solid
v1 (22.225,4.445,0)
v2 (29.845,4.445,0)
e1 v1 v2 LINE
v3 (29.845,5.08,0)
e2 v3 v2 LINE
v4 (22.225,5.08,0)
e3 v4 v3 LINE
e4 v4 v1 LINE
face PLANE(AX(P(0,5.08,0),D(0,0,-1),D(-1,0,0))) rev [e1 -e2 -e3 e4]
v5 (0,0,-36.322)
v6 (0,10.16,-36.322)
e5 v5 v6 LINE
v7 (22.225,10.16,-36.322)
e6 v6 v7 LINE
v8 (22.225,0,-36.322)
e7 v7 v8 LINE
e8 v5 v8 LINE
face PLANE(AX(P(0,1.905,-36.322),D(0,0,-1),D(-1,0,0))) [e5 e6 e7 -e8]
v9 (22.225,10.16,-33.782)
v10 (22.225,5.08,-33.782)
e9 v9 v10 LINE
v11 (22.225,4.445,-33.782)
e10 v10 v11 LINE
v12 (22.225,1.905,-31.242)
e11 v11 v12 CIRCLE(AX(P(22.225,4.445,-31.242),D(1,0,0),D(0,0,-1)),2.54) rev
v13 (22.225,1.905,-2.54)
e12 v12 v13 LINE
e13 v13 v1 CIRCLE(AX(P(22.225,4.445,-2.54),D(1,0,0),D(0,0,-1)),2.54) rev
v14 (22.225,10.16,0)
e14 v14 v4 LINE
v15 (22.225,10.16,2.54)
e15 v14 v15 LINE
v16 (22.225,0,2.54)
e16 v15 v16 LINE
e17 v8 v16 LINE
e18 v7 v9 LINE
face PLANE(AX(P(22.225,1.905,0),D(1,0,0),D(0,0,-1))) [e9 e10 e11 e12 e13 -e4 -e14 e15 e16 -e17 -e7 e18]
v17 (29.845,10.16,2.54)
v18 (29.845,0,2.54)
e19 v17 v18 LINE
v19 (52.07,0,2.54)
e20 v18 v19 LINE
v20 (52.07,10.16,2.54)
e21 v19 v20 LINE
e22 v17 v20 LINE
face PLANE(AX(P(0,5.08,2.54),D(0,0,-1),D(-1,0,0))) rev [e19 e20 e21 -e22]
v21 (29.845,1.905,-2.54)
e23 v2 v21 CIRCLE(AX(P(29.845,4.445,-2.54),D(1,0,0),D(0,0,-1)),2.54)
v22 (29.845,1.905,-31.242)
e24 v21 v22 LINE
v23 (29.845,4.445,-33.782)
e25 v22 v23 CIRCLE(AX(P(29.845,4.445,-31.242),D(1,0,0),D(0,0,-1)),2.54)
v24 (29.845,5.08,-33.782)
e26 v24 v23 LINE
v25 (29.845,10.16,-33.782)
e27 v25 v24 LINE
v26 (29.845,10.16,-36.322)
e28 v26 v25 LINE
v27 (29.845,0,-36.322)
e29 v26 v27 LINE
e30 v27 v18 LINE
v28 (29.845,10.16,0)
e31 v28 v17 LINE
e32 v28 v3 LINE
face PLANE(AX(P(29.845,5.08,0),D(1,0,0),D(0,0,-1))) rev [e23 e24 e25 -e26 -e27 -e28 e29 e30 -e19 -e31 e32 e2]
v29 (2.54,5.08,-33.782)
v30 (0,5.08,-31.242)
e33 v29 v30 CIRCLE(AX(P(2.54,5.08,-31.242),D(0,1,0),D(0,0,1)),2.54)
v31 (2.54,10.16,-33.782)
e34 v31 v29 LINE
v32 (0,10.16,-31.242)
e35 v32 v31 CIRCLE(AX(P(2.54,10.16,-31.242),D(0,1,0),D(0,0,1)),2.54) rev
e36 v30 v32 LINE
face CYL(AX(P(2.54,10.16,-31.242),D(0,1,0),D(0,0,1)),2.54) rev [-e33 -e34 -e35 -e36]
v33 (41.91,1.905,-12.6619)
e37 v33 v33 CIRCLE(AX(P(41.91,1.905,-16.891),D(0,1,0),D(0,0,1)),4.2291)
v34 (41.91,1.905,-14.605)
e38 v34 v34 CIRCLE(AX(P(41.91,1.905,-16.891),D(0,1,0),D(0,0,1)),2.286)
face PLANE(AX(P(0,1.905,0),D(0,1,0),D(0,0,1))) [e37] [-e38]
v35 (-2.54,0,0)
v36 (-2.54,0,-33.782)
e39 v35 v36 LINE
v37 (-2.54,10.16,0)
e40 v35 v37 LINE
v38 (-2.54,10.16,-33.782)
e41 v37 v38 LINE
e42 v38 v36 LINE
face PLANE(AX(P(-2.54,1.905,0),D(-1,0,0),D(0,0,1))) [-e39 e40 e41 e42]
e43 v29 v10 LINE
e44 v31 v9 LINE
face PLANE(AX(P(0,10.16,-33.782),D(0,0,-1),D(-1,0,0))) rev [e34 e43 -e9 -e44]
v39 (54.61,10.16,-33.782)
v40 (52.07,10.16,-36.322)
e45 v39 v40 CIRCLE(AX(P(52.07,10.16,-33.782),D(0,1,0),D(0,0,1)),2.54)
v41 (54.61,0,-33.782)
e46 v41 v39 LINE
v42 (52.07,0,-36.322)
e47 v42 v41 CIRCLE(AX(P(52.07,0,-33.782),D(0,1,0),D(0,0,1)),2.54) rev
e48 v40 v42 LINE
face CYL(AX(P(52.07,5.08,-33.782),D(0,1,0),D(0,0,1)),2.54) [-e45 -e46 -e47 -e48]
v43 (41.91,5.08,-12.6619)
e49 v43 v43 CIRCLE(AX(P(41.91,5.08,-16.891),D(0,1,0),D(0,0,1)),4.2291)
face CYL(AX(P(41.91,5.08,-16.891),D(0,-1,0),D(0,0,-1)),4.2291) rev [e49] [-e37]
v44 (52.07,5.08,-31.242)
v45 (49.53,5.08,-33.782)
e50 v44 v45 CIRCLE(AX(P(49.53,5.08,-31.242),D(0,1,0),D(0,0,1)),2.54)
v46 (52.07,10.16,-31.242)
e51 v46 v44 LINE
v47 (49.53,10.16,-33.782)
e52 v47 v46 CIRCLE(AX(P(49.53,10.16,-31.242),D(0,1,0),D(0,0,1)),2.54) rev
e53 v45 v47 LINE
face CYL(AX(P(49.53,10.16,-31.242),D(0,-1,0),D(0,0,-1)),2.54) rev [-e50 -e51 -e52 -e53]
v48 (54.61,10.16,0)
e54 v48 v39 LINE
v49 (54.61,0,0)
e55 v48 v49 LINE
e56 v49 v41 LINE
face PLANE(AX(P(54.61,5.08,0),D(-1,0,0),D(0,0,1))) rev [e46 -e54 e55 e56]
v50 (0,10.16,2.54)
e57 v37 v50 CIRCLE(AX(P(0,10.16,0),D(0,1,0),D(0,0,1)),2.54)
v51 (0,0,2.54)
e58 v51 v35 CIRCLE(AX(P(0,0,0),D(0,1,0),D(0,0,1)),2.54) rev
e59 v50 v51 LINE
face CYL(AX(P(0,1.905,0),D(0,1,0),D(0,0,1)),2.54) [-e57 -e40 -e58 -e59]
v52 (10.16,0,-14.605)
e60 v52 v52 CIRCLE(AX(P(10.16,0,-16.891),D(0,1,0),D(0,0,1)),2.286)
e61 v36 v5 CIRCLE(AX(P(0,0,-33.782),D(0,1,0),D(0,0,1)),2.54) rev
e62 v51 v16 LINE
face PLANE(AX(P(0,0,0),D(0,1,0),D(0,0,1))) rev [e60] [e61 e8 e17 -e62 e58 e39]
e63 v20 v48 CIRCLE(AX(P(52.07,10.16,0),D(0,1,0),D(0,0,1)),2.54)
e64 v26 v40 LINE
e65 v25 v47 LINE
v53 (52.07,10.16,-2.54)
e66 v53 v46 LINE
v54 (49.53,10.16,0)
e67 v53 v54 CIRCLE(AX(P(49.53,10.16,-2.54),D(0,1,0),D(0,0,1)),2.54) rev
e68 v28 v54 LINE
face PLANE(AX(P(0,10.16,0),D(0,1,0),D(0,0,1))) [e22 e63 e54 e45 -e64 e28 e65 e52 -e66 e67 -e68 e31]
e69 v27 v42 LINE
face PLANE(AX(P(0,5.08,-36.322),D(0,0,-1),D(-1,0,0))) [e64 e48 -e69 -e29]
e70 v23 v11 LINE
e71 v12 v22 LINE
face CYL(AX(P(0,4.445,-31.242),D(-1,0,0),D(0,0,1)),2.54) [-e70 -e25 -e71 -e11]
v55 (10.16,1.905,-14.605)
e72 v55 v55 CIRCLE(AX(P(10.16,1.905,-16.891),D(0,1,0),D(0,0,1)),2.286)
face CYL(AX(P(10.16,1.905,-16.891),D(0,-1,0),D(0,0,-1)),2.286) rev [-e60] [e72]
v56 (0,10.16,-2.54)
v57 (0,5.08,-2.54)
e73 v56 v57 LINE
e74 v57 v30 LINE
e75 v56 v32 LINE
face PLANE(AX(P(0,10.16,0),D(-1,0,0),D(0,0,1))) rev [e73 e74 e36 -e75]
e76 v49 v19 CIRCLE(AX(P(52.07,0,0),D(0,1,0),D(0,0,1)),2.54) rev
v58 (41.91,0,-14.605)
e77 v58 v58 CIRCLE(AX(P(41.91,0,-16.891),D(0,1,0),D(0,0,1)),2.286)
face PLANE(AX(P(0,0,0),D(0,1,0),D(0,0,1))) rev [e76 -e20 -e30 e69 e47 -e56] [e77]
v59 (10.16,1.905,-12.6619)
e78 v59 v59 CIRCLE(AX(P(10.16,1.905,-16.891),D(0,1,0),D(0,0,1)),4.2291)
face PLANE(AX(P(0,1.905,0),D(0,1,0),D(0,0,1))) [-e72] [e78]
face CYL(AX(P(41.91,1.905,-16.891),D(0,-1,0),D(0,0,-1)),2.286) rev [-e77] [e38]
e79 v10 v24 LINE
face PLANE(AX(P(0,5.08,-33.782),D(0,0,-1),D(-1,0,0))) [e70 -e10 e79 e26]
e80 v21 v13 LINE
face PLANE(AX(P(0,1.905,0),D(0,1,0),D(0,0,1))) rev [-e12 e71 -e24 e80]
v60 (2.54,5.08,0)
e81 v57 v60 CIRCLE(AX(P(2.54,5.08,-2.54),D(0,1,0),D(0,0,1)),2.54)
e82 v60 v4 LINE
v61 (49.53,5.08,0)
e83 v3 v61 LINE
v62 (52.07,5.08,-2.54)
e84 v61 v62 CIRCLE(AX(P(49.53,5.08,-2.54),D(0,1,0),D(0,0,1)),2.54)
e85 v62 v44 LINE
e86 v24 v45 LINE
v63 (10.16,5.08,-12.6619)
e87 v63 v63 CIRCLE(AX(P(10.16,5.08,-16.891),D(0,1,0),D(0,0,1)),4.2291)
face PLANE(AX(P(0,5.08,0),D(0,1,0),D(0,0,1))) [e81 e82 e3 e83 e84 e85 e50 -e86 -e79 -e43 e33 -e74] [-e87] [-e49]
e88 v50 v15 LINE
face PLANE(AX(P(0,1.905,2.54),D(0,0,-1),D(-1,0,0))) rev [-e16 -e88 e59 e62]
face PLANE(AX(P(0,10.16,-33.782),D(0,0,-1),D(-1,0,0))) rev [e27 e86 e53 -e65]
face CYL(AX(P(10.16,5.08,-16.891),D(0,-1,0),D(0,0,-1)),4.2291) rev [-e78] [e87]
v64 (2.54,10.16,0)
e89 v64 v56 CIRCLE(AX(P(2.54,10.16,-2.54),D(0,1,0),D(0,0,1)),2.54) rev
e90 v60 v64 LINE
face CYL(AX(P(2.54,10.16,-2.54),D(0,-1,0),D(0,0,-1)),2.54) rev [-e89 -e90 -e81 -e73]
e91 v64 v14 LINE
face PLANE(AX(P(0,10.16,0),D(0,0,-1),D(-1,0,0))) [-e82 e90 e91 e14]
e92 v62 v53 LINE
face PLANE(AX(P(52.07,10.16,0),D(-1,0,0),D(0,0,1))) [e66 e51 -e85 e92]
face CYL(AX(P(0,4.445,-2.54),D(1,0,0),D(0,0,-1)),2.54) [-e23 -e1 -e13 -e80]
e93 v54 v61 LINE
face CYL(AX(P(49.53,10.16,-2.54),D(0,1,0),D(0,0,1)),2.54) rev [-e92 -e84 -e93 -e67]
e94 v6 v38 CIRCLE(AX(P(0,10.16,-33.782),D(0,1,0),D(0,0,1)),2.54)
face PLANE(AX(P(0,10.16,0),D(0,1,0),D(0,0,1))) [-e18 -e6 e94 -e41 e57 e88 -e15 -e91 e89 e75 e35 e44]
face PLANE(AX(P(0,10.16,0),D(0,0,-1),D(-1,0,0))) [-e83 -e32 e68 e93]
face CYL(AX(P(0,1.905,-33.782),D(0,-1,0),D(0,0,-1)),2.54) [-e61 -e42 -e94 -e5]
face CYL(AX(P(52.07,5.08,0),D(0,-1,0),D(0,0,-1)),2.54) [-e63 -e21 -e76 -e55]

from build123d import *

# Parameters (mm, degrees)
SKETCH1_W           = 22.225
SKETCH1_H           = 33.782
SKETCH1_R           = 4.2291
SKETCH1_R_2         = 2.286
BOSS_EXTRUDE1_DEPTH = 1.905
BOSS_EXTRUDE2_START = 1.905
SKETCH1_3_W         = 22.225
SKETCH1_3_H         = 33.782
SKETCH1_3_R         = 4.2291
SKETCH1_3_W_2       = 7.62
BOSS_EXTRUDE2_DEPTH = 3.175
BOSS_EXTRUDE3_START = 5.08
BOSS_EXTRUDE3_DEPTH = 5.08
FILLET1_R           = 2.54
FILLET2_R           = 2.54


with BuildPart() as part:
    # Sketch1 → Boss-Extrude1 (new body)
    with BuildSketch(Plane(origin=(0, 0, 0), x_dir=(1, 0, 0), z_dir=(0, 1, 0))):
        Polygon((22.225, 36.322), (-2.54, 36.322), (-2.54, -2.54), (22.225, -2.54), (22.225, 0), (0, 0), (0, 33.782), (22.225, 33.782), align=None)
        with Locations((11.1125, 16.891)):
            Rectangle(SKETCH1_W, SKETCH1_H)
        with Locations((10.16, 16.891)):
            Circle(SKETCH1_R, mode=Mode.SUBTRACT)
        with Locations((10.16, 16.891)):
            Circle(SKETCH1_R)
        with Locations((10.16, 16.891)):
            Circle(SKETCH1_R_2, mode=Mode.SUBTRACT)
        with Locations((40.9575, 16.891)):
            Rectangle(SKETCH1_W, SKETCH1_H)
        with Locations((41.91, 16.891)):
            Circle(SKETCH1_R, mode=Mode.SUBTRACT)
        with Locations((41.91, 16.891)):
            Circle(SKETCH1_R)
        with Locations((41.91, 16.891)):
            Circle(SKETCH1_R_2, mode=Mode.SUBTRACT)
        Polygon((54.61, 36.322), (29.845, 36.322), (29.845, 33.782), (52.07, 33.782), (52.07, 0), (29.845, 0), (29.845, -2.54), (54.61, -2.54), align=None)
    extrude(amount=BOSS_EXTRUDE1_DEPTH)

    # Sketch1_3 → Boss-Extrude2 (add)
    with BuildSketch(Plane(origin=(0, 0, 0), x_dir=(1, 0, 0), z_dir=(0, 1, 0)).offset(BOSS_EXTRUDE2_START)):
        with Locations((11.1125, 16.891)):
            Rectangle(SKETCH1_3_W, SKETCH1_3_H)
        with Locations((10.16, 16.891)):
            Circle(SKETCH1_3_R, mode=Mode.SUBTRACT)
        with Locations((40.9575, 16.891)):
            Rectangle(SKETCH1_3_W, SKETCH1_3_H)
        with Locations((41.91, 16.891)):
            Circle(SKETCH1_3_R, mode=Mode.SUBTRACT)
        with Locations((26.035, 16.891)):
            Rectangle(SKETCH1_3_W_2, SKETCH1_3_H)
        Polygon((22.225, 36.322), (-2.54, 36.322), (-2.54, -2.54), (22.225, -2.54), (22.225, 0), (0, 0), (0, 33.782), (22.225, 33.782), align=None)
        Polygon((54.61, 36.322), (29.845, 36.322), (29.845, 33.782), (52.07, 33.782), (52.07, 0), (29.845, 0), (29.845, -2.54), (54.61, -2.54), align=None)
    extrude(amount=BOSS_EXTRUDE2_DEPTH)

    # Sketch1_4 → Boss-Extrude3 (add)
    with BuildSketch(Plane(origin=(0, 0, 0), x_dir=(1, 0, 0), z_dir=(0, 1, 0)).offset(BOSS_EXTRUDE3_START)):
        Polygon((22.225, 36.322), (-2.54, 36.322), (-2.54, -2.54), (22.225, -2.54), (22.225, 0), (0, 0), (0, 33.782), (22.225, 33.782), align=None)
        Polygon((54.61, 36.322), (29.845, 36.322), (29.845, 33.782), (52.07, 33.782), (52.07, 0), (29.845, 0), (29.845, -2.54), (54.61, -2.54), align=None)
    extrude(amount=BOSS_EXTRUDE3_DEPTH)

    # Fillet1
    fillet1_edges = [part.edges().sort_by_distance(p)[0] for p in [
        (-2.54, 5.08, 2.54),
        (-2.54, 5.08, -36.322),
        (54.61, 5.08, 2.54),
        (54.61, 5.08, -36.322),
        (0, 7.62, 0),
        (0, 7.62, -33.782),
        (52.07, 7.62, -33.782),
        (52.07, 7.62, 0),
    ]]
    fillet(fillet1_edges, radius=FILLET1_R)

    # Fillet2
    fillet2_edges = [part.edges().sort_by_distance(p)[0] for p in [
        (26.035, 1.905, -33.782),
        (26.035, 1.905, 0),
    ]]
    fillet(fillet2_edges, radius=FILLET2_R)


solid = part.part
